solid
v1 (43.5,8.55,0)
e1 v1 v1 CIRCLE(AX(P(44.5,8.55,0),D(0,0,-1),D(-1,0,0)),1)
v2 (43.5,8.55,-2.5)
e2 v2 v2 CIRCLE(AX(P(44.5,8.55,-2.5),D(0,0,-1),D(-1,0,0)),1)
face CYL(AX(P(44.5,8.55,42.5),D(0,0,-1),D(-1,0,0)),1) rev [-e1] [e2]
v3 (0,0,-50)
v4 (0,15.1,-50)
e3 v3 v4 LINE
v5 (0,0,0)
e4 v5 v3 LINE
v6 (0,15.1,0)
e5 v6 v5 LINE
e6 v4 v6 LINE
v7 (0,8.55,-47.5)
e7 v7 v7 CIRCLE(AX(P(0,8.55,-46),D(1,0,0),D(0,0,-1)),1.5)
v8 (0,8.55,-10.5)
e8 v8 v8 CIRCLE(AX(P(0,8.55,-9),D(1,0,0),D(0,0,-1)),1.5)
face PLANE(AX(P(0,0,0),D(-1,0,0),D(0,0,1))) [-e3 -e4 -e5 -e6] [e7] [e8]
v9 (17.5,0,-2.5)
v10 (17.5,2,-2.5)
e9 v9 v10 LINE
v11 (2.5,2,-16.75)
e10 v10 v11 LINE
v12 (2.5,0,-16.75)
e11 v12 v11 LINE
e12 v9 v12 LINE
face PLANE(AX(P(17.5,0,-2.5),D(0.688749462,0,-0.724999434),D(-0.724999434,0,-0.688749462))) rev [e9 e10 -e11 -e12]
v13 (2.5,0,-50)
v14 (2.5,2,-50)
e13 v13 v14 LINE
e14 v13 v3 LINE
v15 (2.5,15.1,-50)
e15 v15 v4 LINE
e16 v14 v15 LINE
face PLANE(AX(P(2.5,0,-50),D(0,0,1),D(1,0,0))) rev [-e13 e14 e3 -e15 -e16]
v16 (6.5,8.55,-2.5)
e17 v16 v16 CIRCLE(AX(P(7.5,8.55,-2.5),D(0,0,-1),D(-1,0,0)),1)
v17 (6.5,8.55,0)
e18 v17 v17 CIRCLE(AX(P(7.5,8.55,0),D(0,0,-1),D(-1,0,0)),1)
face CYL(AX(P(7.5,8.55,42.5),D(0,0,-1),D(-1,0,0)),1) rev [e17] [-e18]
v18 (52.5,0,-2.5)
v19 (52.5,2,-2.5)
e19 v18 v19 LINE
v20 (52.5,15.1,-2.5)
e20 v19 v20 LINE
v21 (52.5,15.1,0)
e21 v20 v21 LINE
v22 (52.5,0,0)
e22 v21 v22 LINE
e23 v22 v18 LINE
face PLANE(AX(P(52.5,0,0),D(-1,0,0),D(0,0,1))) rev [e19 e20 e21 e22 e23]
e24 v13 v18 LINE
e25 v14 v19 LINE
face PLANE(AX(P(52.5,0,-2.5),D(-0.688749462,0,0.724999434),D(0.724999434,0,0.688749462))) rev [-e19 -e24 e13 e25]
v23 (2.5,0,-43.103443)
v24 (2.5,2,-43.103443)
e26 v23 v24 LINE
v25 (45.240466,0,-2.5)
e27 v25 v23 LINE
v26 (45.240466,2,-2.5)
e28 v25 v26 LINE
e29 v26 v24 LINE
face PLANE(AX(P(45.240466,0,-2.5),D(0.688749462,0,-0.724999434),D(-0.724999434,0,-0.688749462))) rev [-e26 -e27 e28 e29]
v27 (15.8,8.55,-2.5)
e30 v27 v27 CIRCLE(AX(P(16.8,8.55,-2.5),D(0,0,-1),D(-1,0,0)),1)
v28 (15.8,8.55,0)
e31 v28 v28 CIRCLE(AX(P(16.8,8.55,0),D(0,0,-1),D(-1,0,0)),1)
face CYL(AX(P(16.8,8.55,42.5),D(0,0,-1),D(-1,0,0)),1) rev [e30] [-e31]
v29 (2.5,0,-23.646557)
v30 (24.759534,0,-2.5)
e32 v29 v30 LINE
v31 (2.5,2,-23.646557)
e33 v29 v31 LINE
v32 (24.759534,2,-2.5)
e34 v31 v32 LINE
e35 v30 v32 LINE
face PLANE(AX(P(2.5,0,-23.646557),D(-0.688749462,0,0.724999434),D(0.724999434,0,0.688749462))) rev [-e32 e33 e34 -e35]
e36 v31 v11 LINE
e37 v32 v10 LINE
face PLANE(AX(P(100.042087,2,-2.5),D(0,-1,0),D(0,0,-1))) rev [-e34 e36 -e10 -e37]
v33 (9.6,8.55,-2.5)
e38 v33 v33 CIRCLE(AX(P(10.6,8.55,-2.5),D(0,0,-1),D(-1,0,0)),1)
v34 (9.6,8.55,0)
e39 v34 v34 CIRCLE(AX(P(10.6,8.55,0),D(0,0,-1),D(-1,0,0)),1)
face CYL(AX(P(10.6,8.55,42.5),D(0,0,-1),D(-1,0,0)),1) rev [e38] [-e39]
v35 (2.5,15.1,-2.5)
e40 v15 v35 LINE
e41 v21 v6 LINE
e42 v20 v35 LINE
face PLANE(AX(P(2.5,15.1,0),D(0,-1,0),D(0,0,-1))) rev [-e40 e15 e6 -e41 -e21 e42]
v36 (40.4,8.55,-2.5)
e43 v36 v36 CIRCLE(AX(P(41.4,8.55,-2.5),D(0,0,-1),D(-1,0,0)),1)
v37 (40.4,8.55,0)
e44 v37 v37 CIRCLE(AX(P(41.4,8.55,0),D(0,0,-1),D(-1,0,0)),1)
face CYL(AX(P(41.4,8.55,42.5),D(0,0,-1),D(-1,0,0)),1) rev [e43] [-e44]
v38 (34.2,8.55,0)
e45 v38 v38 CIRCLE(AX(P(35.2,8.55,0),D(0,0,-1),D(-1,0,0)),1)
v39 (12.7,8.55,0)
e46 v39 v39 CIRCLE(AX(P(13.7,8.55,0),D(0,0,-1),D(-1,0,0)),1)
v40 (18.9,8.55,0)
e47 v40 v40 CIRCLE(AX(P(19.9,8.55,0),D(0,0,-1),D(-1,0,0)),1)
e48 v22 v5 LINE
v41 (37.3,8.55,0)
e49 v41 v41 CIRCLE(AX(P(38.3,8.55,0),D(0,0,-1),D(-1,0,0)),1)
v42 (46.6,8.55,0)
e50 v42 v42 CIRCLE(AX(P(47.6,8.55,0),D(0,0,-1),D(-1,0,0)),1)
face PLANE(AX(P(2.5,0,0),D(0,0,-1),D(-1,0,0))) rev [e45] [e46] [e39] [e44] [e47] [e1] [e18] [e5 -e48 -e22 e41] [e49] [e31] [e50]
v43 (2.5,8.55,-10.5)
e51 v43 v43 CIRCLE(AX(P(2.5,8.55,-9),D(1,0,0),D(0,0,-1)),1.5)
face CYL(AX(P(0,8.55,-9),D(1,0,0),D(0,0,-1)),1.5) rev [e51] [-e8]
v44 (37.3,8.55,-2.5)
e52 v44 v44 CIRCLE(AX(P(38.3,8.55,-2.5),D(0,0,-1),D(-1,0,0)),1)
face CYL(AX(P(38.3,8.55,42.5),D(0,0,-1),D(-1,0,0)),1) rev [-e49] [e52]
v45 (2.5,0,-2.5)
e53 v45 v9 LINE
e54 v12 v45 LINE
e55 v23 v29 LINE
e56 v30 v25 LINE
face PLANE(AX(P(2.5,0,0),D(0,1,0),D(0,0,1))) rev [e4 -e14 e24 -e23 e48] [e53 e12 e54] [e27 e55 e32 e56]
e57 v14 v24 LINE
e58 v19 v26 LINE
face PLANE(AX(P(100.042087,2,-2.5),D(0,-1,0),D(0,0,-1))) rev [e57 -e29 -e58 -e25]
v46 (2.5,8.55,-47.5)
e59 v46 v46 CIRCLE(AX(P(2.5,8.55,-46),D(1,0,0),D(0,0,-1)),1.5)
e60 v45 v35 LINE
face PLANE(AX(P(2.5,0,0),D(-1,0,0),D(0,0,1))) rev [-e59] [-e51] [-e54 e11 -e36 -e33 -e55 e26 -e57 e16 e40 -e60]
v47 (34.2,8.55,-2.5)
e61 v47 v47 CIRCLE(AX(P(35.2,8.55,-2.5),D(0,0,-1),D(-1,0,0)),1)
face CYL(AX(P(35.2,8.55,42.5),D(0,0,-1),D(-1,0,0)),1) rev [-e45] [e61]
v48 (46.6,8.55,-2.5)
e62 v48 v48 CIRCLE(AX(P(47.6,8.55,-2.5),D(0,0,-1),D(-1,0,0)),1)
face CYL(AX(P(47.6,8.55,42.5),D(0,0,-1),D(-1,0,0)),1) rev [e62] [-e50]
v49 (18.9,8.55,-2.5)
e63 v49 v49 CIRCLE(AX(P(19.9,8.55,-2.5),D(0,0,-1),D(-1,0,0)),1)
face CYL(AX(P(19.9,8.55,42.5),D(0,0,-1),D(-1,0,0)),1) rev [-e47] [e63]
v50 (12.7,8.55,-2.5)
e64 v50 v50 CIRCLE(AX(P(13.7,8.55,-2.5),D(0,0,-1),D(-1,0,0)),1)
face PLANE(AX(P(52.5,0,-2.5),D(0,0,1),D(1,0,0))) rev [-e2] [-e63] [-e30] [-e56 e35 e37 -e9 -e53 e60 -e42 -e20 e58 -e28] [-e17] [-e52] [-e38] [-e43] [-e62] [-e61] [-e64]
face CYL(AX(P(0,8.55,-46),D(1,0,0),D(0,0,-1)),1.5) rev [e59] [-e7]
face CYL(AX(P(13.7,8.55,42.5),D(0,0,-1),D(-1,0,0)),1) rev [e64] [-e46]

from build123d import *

# Parameters (mm, degrees)
SKETCH1_W           = 50
SKETCH1_H           = 15.1
BOSS_EXTRUDE1_DEPTH = 2.5
SKETCH3_R           = 1.5
CUT_EXTRUDE1_DEPTH  = 3.5
SKETCH4_W           = 2.5
SKETCH4_H           = 15.1
BOSS_EXTRUDE2_DEPTH = 50
SKETCH6_R           = 1
CUT_EXTRUDE2_DEPTH  = 45
SKETCH8_W           = 47.5
SKETCH8_H           = 2
BOSS_EXTRUDE3_DEPTH = 50
CUT_EXTRUDE3_DEPTH  = 3


with BuildPart() as part:
    # Sketch1 → Boss-Extrude1 (new body)
    with BuildSketch(Plane(origin=(0, 0, 0), x_dir=(0, 0, -1), z_dir=(1, 0, 0))):
        with Locations((25, 7.55)):
            Rectangle(SKETCH1_W, SKETCH1_H)
    extrude(amount=BOSS_EXTRUDE1_DEPTH)

    # Sketch3 → Cut-Extrude1 (cut, through all)
    with BuildSketch(Plane(origin=(2.5, 0, 0), x_dir=(0, 0, -1), z_dir=(1, 0, 0))):
        with Locations((46, 8.55)):
            Circle(SKETCH3_R)
        with Locations((9, 8.55)):
            Circle(SKETCH3_R)
    extrude(amount=-CUT_EXTRUDE1_DEPTH, mode=Mode.SUBTRACT)

    # Sketch4 → Boss-Extrude2 (add)
    with BuildSketch(Plane(origin=(2.5, 0, 0), x_dir=(0, 0, -1), z_dir=(1, 0, 0))):
        with Locations((1.25, 7.55)):
            Rectangle(SKETCH4_W, SKETCH4_H)
    extrude(amount=BOSS_EXTRUDE2_DEPTH)

    # Sketch6 → Cut-Extrude2 (cut)
    with BuildSketch(Plane(origin=(0, 0, -2.5), x_dir=(-1, 0, 0), z_dir=(0, 0, -1))):
        with Locations((-7.5, 8.55)):
            Circle(SKETCH6_R)
        with Locations((-10.6, 8.55)):
            Circle(SKETCH6_R)
        with Locations((-13.7, 8.55)):
            Circle(SKETCH6_R)
        with Locations((-16.8, 8.55)):
            Circle(SKETCH6_R)
        with Locations((-19.9, 8.55)):
            Circle(SKETCH6_R)
        with Locations((-35.2, 8.55)):
            Circle(SKETCH6_R)
        with Locations((-38.3, 8.55)):
            Circle(SKETCH6_R)
        with Locations((-41.4, 8.55)):
            Circle(SKETCH6_R)
        with Locations((-44.5, 8.55)):
            Circle(SKETCH6_R)
        with Locations((-47.6, 8.55)):
            Circle(SKETCH6_R)
    extrude(amount=-CUT_EXTRUDE2_DEPTH, mode=Mode.SUBTRACT)

    # Sketch8 → Boss-Extrude3 (add)
    with BuildSketch(Plane(origin=(2.5, 0, 0), x_dir=(0, 0, -1), z_dir=(1, 0, 0))):
        with Locations((26.25, 1)):
            Rectangle(SKETCH8_W, SKETCH8_H)
    extrude(amount=BOSS_EXTRUDE3_DEPTH)

    # Sketch9 → Cut-Extrude3 (cut, through all)
    with BuildSketch(Plane(origin=(0, 2, 0), x_dir=(1, 0, 0), z_dir=(0, 1, 0))):
        Polygon((45.240466198, 2.5), (2.5, 43.103442888), (2.5, 23.646557112), (24.759533802, 2.5), align=None)
        Polygon((52.5, 2.5), (2.5, 50), (52.5, 50), align=None)
        Polygon((17.5, 2.5), (2.5, 16.75), (2.5, 2.5), align=None)
    extrude(amount=-CUT_EXTRUDE3_DEPTH, mode=Mode.SUBTRACT)


solid = part.part
